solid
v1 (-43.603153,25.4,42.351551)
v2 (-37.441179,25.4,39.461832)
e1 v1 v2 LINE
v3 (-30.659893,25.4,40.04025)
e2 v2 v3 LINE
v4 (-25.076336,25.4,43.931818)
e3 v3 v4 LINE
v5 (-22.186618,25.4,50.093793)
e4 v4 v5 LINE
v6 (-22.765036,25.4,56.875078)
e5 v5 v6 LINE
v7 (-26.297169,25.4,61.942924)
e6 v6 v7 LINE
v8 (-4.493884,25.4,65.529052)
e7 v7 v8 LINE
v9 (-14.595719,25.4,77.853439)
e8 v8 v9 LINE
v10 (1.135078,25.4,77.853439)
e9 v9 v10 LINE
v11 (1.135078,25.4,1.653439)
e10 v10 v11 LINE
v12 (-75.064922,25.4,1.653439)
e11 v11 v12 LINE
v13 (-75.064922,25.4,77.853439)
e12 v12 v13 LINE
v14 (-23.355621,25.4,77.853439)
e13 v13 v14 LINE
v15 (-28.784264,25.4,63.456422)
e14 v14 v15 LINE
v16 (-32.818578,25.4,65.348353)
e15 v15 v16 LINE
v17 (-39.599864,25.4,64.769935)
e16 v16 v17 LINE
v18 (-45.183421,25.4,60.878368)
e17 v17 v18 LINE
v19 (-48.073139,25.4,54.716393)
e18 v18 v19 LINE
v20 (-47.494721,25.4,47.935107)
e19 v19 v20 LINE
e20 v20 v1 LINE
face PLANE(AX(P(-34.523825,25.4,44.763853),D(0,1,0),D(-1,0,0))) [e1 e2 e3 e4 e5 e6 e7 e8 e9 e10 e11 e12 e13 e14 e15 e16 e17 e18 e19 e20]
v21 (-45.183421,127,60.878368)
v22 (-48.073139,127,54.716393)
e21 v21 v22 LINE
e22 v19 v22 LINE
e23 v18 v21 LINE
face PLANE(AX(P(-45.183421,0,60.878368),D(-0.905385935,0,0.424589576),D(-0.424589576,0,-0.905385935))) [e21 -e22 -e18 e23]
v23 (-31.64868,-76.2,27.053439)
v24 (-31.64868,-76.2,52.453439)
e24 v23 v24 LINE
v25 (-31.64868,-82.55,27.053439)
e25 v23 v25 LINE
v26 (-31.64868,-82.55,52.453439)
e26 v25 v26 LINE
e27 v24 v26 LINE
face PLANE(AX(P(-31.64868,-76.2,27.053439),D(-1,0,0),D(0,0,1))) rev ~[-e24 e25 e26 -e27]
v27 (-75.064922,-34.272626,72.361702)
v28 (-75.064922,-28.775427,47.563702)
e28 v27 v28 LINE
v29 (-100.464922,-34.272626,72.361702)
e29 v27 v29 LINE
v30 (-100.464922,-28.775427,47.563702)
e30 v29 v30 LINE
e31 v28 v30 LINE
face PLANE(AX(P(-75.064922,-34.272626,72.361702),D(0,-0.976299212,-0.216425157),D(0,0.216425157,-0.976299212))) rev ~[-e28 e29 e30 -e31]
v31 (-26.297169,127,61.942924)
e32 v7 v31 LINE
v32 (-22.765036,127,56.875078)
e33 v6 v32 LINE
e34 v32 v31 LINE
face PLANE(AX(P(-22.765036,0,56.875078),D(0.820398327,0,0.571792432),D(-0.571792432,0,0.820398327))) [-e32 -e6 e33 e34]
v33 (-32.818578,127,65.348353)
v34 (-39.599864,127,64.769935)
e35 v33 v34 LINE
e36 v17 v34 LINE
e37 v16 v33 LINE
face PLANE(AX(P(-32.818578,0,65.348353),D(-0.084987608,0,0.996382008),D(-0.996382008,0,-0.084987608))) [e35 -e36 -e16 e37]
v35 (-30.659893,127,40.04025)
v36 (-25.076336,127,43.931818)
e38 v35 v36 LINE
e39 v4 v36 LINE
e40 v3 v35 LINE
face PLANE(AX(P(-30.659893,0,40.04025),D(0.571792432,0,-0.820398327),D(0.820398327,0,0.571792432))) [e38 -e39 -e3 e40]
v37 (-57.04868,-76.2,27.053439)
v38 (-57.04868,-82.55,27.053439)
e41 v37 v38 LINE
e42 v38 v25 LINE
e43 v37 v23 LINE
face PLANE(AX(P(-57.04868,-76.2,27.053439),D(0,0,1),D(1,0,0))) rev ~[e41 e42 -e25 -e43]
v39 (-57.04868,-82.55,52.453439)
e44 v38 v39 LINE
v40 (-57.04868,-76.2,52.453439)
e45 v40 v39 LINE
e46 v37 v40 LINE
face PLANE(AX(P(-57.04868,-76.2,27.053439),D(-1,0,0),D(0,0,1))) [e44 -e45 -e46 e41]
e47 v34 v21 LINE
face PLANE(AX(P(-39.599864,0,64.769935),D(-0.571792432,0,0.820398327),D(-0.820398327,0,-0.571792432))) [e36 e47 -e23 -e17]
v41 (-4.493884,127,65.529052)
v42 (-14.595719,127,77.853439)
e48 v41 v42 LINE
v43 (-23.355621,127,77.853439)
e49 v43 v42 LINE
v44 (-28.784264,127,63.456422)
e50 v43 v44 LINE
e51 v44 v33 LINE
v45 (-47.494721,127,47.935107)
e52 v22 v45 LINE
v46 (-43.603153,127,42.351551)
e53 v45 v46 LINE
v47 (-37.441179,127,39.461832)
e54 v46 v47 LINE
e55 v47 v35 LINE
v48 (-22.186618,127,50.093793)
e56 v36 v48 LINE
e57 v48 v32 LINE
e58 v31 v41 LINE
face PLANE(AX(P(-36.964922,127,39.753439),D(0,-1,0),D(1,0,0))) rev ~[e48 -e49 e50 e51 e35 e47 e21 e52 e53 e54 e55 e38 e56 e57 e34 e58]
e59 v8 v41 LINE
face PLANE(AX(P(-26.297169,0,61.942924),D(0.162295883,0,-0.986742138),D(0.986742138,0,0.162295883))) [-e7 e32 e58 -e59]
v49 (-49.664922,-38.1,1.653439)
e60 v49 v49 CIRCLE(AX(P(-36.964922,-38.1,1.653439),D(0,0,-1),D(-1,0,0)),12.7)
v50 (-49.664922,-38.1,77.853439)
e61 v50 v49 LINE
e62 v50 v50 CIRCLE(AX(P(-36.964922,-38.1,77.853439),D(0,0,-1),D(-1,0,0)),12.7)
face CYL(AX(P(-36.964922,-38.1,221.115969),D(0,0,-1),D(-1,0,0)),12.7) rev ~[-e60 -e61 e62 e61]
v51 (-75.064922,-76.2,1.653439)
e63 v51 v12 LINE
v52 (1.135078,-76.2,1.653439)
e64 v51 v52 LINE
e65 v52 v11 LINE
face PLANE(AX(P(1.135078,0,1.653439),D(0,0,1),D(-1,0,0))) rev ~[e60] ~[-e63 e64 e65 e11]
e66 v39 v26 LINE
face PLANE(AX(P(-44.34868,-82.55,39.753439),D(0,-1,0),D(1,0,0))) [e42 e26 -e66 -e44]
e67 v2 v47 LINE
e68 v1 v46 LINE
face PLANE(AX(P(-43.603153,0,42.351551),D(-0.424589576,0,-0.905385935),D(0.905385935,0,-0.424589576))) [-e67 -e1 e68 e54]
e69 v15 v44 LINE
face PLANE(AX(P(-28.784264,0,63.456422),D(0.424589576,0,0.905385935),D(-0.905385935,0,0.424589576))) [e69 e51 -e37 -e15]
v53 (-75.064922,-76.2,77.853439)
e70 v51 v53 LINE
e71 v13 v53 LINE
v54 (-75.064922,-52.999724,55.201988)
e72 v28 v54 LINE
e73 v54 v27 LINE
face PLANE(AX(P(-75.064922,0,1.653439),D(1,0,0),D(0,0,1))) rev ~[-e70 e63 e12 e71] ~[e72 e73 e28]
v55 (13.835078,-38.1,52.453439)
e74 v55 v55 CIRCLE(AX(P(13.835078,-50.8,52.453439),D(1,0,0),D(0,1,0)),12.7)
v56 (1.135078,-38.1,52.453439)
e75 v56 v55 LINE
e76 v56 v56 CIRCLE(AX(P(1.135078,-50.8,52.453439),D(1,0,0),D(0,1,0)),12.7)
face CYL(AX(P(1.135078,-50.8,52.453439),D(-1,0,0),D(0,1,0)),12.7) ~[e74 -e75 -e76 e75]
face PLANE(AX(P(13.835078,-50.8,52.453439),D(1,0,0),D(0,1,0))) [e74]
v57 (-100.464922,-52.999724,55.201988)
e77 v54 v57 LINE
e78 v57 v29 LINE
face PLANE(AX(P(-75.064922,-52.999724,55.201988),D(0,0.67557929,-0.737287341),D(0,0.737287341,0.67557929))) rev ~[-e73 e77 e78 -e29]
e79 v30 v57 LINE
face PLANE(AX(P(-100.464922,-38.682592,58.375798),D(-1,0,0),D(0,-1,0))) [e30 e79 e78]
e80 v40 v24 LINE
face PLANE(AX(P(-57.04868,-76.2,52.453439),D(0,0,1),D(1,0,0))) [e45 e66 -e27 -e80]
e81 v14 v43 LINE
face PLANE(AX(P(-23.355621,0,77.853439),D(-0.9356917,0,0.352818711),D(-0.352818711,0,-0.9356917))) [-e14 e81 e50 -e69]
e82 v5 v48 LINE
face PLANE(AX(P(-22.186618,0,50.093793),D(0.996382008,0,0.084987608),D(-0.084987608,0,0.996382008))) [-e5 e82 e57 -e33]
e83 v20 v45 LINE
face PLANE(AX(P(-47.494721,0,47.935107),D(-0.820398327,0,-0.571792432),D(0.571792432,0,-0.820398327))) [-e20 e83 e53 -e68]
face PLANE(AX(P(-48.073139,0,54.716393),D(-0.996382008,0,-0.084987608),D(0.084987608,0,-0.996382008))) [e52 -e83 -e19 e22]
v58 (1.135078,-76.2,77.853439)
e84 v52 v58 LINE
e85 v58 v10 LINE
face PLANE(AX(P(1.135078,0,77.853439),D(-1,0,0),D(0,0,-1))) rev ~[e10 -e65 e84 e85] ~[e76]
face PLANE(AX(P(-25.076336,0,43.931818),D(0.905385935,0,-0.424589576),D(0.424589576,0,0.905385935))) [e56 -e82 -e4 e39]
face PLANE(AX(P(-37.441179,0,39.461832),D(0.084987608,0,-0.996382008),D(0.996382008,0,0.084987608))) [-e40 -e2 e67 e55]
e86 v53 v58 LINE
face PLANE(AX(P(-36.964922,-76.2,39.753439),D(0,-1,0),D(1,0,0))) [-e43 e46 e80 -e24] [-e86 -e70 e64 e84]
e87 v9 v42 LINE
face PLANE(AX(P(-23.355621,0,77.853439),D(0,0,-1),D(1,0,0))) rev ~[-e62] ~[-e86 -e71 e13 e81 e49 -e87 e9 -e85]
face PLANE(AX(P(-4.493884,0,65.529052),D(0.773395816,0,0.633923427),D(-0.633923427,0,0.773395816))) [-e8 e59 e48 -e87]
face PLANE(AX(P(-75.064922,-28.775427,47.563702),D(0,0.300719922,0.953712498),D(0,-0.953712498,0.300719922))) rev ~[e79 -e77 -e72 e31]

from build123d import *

# Parameters (mm, degrees)
F0_W      = 76.2
F0_H      = 76.2
F1_DEPTH  = 76.2
F2_W      = 25.4
F2_H      = 25.4
F3_DEPTH  = 6.35
F4_R      = 12.7
F5_DEPTH  = 12.7
F7_D      = 25.4
F9_DEPTH  = 25.4
F11_DEPTH = 25.4
F12_DEPTH = 127


with BuildPart() as f1:
    # F0 (on Front) → F1 (new body)
    with BuildSketch(Plane.XZ):
        with Locations((-36.9649222121, 39.7534392561)):
            Rectangle(F0_W, F0_H)
    extrude(amount=F1_DEPTH)

    # F2 (on face) → F3 (join)
    with BuildSketch(Plane.XZ.offset(76.2)):
        with Locations((-44.3486804143, 39.7534392561)):
            Rectangle(F2_W, F2_H)
    extrude(amount=F3_DEPTH)

    # F4 (on face) → F5 (join)
    with BuildSketch(Plane.YZ.offset(1.1350777879)):
        with Locations((-50.8, 52.4534392561)):
            Circle(F4_R)
    extrude(amount=F5_DEPTH)

    # F7 (through all)
    with Locations(Plane.XY.offset(77.8534392561)):
        with Locations((-36.9649222121, -38.1)):
            Hole(F7_D / 2)

    # F8 (on face) → F9 (join)
    with BuildSketch(Plane(origin=(-75.0649222121, 0, 0), x_dir=(0, -1, 0), z_dir=(-1, 0, 0))):
        Polygon((28.7754268733, 47.5637023159), (52.9997243198, 55.2019883295), (34.2726258674, 72.3617023001), align=None)
    extrude(amount=F9_DEPTH)

    # F10 (on face) → F11 (join)
    with BuildSketch(Plane(origin=(0, 0, 0), x_dir=(-1, 0, 0), z_dir=(0, 1, 0))):
        Polygon((48.0731389709, 54.716393042), (47.494721, 47.9351072785), (43.6031534613, 42.3515505225), (37.4411787343, 39.4618322976), (30.6598929708, 40.0402502686), (25.0763362148, 43.9318178073), (22.1866179899, 50.0937925343), (22.7650359609, 56.8750782978), (26.2971690254, 61.9429244137), (4.4938835457, 65.529052283), (14.595719446, 77.8534392561), (-1.1350777879, 77.8534392561), (-1.1350777879, 1.6534392561), (75.0649222121, 1.6534392561), (75.0649222121, 77.8534392561), (23.3556207336, 77.8534392561), (28.7842644927, 63.4564224548), (32.8185782266, 65.3483532786), (39.5998639901, 64.7699353076), (45.1834207461, 60.878367769), align=None)
    extrude(amount=F11_DEPTH)

    # F12 (add): a face of the model
    f12_faces = [f1.faces().sort_by_distance(p)[0] for p in [
        (-29.6209638301, 0, 57.8915936643),
    ]]
    extrude(f12_faces, amount=F12_DEPTH)


solid = f1.part
